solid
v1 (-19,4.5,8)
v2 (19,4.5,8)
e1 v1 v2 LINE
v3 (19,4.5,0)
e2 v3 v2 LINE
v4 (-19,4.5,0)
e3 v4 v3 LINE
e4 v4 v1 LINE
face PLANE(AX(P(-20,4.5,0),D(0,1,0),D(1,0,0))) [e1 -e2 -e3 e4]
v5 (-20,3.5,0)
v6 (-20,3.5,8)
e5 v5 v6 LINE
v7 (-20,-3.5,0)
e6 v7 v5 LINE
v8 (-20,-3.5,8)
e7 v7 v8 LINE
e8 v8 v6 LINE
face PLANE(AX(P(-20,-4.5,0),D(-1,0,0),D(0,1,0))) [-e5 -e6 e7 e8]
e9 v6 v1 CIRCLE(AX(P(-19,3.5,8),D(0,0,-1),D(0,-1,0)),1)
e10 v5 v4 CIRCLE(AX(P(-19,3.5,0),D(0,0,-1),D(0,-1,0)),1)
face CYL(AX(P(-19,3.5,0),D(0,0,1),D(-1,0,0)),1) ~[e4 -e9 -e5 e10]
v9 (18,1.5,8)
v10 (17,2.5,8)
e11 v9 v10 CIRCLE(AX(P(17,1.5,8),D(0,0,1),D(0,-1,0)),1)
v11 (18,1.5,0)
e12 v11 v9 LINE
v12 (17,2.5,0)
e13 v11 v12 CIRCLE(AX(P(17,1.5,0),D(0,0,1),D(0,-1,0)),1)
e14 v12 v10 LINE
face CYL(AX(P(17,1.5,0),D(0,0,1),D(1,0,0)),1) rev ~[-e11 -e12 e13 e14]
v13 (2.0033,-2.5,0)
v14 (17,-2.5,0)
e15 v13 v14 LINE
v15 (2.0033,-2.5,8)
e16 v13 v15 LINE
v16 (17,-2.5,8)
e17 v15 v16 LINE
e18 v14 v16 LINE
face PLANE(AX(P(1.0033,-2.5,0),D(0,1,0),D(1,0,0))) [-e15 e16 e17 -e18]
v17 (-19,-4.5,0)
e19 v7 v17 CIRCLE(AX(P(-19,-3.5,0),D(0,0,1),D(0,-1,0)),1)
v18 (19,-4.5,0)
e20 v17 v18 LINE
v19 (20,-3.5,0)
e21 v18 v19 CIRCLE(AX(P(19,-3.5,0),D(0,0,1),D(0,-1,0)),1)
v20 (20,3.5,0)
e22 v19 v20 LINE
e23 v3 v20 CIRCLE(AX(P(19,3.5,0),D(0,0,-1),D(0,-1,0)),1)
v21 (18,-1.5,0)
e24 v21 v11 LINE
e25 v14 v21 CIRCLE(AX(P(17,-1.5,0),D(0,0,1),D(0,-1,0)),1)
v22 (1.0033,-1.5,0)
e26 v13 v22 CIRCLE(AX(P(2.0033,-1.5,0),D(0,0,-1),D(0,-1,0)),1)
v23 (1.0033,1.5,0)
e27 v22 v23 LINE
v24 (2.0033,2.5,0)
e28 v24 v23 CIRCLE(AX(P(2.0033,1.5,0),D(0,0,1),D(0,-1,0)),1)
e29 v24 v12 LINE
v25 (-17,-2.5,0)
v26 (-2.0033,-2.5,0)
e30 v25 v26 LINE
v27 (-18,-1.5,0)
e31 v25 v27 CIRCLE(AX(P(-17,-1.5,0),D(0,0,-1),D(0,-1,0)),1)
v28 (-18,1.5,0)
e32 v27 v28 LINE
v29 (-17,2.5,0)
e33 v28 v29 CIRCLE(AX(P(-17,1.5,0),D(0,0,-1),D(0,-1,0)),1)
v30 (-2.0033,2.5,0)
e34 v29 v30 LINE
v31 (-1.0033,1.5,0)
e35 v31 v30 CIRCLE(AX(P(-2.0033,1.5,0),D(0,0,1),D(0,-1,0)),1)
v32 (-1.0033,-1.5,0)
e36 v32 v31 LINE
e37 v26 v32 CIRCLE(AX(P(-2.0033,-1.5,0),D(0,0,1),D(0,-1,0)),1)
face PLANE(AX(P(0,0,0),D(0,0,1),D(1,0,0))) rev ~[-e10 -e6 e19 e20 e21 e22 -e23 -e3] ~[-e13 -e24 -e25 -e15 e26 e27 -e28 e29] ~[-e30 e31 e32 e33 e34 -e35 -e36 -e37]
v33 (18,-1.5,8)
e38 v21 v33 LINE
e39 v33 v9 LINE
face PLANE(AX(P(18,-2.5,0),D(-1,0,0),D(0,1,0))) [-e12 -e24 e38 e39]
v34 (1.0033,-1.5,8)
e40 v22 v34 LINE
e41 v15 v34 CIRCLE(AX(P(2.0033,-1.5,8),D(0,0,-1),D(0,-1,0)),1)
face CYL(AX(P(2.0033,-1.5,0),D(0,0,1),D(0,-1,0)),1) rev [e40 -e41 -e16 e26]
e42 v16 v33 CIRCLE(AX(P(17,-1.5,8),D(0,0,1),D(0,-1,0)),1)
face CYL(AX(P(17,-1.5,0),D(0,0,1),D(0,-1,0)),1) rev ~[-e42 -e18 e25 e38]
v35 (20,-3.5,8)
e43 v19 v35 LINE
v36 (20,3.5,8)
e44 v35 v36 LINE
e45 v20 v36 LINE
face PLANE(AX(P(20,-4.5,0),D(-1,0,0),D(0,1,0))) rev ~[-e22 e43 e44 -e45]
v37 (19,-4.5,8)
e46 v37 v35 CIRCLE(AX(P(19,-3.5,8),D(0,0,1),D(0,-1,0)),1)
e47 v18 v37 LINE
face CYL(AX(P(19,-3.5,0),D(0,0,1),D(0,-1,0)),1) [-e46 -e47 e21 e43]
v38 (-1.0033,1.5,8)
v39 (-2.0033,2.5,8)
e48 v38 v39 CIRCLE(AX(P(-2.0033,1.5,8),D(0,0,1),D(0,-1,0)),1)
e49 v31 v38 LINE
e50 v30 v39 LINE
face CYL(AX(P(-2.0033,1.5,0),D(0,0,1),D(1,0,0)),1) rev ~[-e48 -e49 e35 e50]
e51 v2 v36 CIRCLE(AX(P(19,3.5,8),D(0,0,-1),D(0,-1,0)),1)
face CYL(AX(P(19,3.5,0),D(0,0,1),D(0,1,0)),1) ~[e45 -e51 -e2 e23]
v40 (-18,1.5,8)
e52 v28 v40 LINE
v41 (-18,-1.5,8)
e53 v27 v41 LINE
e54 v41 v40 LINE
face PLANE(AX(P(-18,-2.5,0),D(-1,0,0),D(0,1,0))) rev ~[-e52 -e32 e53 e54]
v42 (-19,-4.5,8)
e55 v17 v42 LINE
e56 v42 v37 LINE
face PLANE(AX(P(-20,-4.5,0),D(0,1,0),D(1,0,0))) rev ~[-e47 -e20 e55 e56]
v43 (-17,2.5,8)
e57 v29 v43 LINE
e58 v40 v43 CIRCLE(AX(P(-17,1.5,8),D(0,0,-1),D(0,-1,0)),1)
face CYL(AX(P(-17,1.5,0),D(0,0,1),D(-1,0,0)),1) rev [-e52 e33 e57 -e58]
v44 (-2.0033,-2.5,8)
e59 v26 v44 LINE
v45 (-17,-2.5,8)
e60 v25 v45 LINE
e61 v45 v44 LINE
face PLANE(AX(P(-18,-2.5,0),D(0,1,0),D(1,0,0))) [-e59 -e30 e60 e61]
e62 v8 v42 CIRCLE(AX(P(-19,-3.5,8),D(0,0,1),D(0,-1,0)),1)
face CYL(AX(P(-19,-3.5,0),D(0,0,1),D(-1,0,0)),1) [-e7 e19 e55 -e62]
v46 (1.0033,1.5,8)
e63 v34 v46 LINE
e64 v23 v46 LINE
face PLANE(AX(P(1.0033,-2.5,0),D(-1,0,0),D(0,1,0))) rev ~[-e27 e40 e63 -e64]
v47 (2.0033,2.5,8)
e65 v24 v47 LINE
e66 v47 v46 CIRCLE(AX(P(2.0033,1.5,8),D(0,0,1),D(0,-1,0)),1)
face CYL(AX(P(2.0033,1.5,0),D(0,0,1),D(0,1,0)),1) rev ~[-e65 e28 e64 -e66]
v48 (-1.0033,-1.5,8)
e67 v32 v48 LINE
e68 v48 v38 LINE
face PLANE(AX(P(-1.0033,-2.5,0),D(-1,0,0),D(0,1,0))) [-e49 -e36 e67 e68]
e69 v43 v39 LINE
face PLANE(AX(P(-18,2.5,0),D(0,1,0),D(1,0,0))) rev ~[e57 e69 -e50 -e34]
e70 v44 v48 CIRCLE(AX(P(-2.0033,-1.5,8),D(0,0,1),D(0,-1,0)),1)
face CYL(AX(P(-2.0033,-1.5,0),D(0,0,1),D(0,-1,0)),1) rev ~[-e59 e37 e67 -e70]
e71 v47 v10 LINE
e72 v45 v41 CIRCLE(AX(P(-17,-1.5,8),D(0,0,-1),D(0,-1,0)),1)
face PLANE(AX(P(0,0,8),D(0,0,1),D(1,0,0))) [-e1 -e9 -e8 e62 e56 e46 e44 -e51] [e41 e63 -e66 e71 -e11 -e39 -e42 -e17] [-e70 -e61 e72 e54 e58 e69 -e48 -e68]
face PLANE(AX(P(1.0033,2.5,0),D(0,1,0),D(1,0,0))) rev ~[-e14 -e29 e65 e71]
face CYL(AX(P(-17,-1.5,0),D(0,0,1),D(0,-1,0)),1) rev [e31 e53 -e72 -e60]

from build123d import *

# Parameters (mm, degrees)
F0_W     = 40
F0_H     = 9
F0_W_2   = 16.9967
F0_H_2   = 5
F1_DEPTH = 8
F2_R     = 1
F3_R     = 1


with BuildPart() as f1:
    # F0 (on Top) → F1 (new body)
    with BuildSketch(Plane.XY):
        Rectangle(F0_W, F0_H)
        with Locations((-9.50165, 0)):
            Rectangle(F0_W_2, F0_H_2, mode=Mode.SUBTRACT)
        with Locations((9.50165, 0)):
            Rectangle(F0_W_2, F0_H_2, mode=Mode.SUBTRACT)
    extrude(amount=F1_DEPTH)

    # F2
    f2_edges = [f1.edges().sort_by_distance(p)[0] for p in [
        (-20, -4.5, 4),
        (-20, 4.5, 4),
        (20, -4.5, 4),
        (20, 4.5, 4),
    ]]
    fillet(f2_edges, radius=F2_R)

    # F3
    f3_edges = [f1.edges().sort_by_distance(p)[0] for p in [
        (1.0033, -2.5, 4),
        (1.0033, 2.5, 4),
        (-1.0033, 2.5, 4),
        (-1.0033, -2.5, 4),
        (-18, -2.5, 4),
        (-18, 2.5, 4),
        (18, 2.5, 4),
        (18, -2.5, 4),
    ]]
    fillet(f3_edges, radius=F3_R)


solid = f1.part
